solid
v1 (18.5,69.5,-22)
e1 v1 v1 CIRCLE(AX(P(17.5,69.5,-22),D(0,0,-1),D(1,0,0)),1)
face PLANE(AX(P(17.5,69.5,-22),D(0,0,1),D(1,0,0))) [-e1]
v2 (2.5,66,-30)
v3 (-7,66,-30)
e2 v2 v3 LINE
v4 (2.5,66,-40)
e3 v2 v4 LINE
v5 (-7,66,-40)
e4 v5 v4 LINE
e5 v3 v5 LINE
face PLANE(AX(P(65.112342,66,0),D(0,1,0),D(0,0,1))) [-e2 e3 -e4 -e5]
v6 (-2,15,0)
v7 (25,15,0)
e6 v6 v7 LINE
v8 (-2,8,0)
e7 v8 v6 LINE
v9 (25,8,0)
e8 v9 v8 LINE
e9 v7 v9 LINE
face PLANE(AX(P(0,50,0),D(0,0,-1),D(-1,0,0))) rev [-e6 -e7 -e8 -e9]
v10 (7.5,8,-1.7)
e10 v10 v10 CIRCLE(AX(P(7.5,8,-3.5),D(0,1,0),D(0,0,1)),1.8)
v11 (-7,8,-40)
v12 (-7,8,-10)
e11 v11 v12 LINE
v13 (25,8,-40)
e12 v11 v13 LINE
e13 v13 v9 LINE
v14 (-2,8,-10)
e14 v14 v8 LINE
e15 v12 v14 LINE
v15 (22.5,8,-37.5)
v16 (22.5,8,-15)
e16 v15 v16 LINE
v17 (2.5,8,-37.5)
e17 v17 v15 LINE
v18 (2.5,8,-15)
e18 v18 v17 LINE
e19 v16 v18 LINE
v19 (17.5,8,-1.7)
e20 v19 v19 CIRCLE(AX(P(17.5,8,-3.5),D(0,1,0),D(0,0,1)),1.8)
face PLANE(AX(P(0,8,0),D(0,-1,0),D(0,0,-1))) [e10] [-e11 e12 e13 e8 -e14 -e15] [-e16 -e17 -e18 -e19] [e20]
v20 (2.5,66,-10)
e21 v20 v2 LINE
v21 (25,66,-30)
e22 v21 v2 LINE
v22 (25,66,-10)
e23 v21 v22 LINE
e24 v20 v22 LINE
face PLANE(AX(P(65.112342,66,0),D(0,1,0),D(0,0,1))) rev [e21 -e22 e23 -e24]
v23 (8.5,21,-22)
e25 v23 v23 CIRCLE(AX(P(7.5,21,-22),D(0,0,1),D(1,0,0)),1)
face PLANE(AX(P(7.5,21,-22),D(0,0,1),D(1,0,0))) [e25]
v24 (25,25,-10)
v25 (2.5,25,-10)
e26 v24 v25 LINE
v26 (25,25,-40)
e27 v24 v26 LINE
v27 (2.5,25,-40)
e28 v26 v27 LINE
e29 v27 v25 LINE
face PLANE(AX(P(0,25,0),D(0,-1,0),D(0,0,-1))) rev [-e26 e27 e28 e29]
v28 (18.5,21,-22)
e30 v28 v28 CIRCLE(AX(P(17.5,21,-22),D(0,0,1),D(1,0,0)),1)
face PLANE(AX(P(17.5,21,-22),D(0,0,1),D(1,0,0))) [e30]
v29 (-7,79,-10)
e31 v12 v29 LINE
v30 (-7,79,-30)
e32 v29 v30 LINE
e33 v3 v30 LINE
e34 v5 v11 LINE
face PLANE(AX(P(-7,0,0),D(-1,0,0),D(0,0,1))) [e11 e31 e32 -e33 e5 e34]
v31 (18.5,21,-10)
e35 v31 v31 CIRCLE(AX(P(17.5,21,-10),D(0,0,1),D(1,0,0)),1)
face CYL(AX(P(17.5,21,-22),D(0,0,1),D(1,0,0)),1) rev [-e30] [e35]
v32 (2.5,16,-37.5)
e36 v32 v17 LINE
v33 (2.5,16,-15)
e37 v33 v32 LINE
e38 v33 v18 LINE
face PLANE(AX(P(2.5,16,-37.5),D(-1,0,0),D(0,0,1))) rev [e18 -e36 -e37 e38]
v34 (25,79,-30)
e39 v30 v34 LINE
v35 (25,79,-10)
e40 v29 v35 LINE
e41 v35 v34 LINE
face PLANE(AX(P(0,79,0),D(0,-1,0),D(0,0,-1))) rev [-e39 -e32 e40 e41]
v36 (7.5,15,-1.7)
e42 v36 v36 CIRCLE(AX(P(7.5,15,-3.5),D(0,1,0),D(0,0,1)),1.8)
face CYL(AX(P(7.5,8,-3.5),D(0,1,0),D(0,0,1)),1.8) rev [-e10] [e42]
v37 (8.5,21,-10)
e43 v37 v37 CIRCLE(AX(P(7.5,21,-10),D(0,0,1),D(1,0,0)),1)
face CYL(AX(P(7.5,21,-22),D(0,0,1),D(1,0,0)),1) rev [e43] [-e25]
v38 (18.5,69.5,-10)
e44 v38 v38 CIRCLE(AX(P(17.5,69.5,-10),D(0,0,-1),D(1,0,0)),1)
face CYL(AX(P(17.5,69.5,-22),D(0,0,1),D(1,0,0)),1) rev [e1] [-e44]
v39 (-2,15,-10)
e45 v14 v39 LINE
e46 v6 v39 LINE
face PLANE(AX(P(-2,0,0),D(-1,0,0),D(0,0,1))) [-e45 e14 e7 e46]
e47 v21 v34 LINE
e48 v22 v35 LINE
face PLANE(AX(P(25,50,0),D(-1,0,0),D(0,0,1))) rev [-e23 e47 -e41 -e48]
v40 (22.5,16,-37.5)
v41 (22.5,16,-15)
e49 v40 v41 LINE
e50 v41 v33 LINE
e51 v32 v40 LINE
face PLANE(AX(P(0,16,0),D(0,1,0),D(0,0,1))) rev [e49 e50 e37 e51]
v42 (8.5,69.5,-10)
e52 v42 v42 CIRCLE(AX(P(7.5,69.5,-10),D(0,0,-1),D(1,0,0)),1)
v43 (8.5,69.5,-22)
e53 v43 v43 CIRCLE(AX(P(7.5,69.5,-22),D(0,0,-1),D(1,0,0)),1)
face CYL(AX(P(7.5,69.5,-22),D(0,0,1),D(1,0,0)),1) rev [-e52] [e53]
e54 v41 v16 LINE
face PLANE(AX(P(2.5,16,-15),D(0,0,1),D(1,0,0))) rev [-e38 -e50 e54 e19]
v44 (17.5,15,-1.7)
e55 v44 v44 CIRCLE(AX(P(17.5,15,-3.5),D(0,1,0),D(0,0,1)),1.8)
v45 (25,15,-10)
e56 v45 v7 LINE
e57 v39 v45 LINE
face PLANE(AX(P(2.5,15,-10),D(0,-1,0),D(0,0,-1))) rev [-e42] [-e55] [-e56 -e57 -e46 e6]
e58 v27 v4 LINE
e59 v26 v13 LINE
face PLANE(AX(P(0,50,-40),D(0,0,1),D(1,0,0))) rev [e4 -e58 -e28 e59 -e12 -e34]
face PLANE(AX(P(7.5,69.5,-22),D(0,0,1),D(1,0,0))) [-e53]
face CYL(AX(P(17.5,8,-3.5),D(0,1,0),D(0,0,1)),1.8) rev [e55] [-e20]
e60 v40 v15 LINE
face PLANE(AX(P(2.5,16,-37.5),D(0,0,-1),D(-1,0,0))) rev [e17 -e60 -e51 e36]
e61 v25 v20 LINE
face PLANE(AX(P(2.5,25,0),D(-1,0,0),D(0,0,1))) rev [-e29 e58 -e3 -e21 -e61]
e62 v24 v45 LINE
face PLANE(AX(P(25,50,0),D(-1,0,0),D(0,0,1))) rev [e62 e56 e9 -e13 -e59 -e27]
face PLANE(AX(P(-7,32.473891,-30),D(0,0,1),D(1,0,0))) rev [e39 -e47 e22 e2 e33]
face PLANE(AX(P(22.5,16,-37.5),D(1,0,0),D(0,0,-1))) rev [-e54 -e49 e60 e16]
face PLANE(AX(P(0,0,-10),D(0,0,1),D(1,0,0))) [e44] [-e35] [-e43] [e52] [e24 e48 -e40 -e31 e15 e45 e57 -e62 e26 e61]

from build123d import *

# Parameters (mm, degrees)
SKETCH1_W           = 25
SKETCH1_H           = 40
BOSS_EXTRUDE1_DEPTH = 50
SKETCH2_W           = 22.5
SKETCH2_H           = 40
CUT_EXTRUDE1_DEPTH  = 25
SKETCH3_W           = 20
SKETCH3_H           = 10
CUT_EXTRUDE2_DEPTH  = 10
SKETCH5_R           = 1
CUT_EXTRUDE4_DEPTH  = 12
SKETCH6_W           = 25
SKETCH6_H           = 40
CUT_EXTRUDE5_DEPTH  = 8
SKETCH7_W           = 20
SKETCH7_H           = 22.5
CUT_EXTRUDE6_DEPTH  = 8
SKETCH8_R           = 1.8
CUT_EXTRUDE7_DEPTH  = 8
SKETCH12_W          = 10
SKETCH12_H          = 10
CUT_EXTRUDE9_DEPTH  = 10
SKETCH13_W          = 2.5
SKETCH13_H          = 40
BOSS_EXTRUDE2_DEPTH = 19
SKETCH14_W          = 40
SKETCH14_H          = 61
BOSS_EXTRUDE3_DEPTH = 2
SKETCH15_W          = 40
SKETCH15_H          = 3
BOSS_EXTRUDE4_DEPTH = 22.5
SKETCH16_W          = 10
SKETCH16_H          = 3
CUT_EXTRUDE10_DEPTH = 22.5
SKETCH17_W          = 10
SKETCH17_H          = 54
CUT_EXTRUDE11_DEPTH = 5.5
SKETCH18_W          = 27
SKETCH18_H          = 30
BOSS_EXTRUDE5_DEPTH = 10
SKETCH19_W          = 30
SKETCH19_H          = 71
BOSS_EXTRUDE6_DEPTH = 5
SKETCH20_W          = 32
SKETCH20_H          = 10
CUT_EXTRUDE12_DEPTH = 13


with BuildPart() as part:
    # Sketch1 → Boss-Extrude1 (new body)
    with BuildSketch(Plane(origin=(0, 0, 0), x_dir=(1, 0, 0), z_dir=(0, 1, 0))):
        with Locations((12.5, 20)):
            Rectangle(SKETCH1_W, SKETCH1_H)
    extrude(amount=BOSS_EXTRUDE1_DEPTH)

    # Sketch2 → Cut-Extrude1 (cut)
    with BuildSketch(Plane(origin=(0, 50, 0), x_dir=(1, 0, 0), z_dir=(0, 1, 0))):
        with Locations((13.75, 20)):
            Rectangle(SKETCH2_W, SKETCH2_H)
    extrude(amount=-CUT_EXTRUDE1_DEPTH, mode=Mode.SUBTRACT)

    # Sketch3 → Cut-Extrude2 (cut)
    with BuildSketch(Plane.XY):
        with Locations((12.5, 20)):
            Rectangle(SKETCH3_W, SKETCH3_H)
    extrude(amount=-CUT_EXTRUDE2_DEPTH, mode=Mode.SUBTRACT)

    # Sketch5 → Cut-Extrude4 (cut)
    with BuildSketch(Plane.XY.offset(-10)):
        with Locations((7.5, 21)):
            Circle(SKETCH5_R)
        with Locations((17.5, 21)):
            Circle(SKETCH5_R)
    cut_extrude4 = extrude(amount=-CUT_EXTRUDE4_DEPTH, mode=Mode.SUBTRACT)

    # Sketch6 → Cut-Extrude5 (cut)
    with BuildSketch(Plane.XZ):
        with Locations((12.5, -20)):
            Rectangle(SKETCH6_W, SKETCH6_H)
    extrude(amount=-CUT_EXTRUDE5_DEPTH, mode=Mode.SUBTRACT)

    # Sketch7 → Cut-Extrude6 (cut)
    with BuildSketch(Plane.XZ.offset(-8)):
        with Locations((12.5, -26.25)):
            Rectangle(SKETCH7_W, SKETCH7_H)
    extrude(amount=-CUT_EXTRUDE6_DEPTH, mode=Mode.SUBTRACT)

    # Sketch8 → Cut-Extrude7 (cut, through all)
    with BuildSketch(Plane(origin=(0, 15, 0), x_dir=(1, 0, 0), z_dir=(0, 1, 0))):
        with Locations((7.5, 3.5)):
            Circle(SKETCH8_R)
        with Locations((17.5, 3.5)):
            Circle(SKETCH8_R)
    extrude(amount=-CUT_EXTRUDE7_DEPTH, mode=Mode.SUBTRACT)

    # Sketch12 → Cut-Extrude9 (cut)
    with BuildSketch(Plane.ZY.offset(-22.5)):
        with Locations((-5, 20)):
            Rectangle(SKETCH12_W, SKETCH12_H)
    extrude(amount=-CUT_EXTRUDE9_DEPTH, mode=Mode.SUBTRACT)

    # Sketch13 → Boss-Extrude2 (add)
    with BuildSketch(Plane(origin=(0, 50, 0), x_dir=(1, 0, 0), z_dir=(0, 1, 0))):
        with Locations((1.25, 20)):
            Rectangle(SKETCH13_W, SKETCH13_H)
    extrude(amount=BOSS_EXTRUDE2_DEPTH)

    # Sketch14 → Boss-Extrude3 (add)
    with BuildSketch(Plane.ZY):
        with Locations((-20, 38.5)):
            Rectangle(SKETCH14_W, SKETCH14_H)
    extrude(amount=BOSS_EXTRUDE3_DEPTH)

    # Sketch15 → Boss-Extrude4 (add)
    with BuildSketch(Plane(origin=(2.5, 0, 0), x_dir=(0, 0, -1), z_dir=(1, 0, 0))):
        with Locations((20, 67.5)):
            Rectangle(SKETCH15_W, SKETCH15_H)
    extrude(amount=BOSS_EXTRUDE4_DEPTH)

    # Sketch16 → Cut-Extrude10 (cut)
    with BuildSketch(Plane(origin=(25, 0, 0), x_dir=(0, 0, -1), z_dir=(1, 0, 0))):
        with Locations((5, 67.5)):
            Rectangle(SKETCH16_W, SKETCH16_H)
    extrude(amount=-CUT_EXTRUDE10_DEPTH, mode=Mode.SUBTRACT)

    # Sketch17 → Cut-Extrude11 (cut, through all)
    with BuildSketch(Plane(origin=(2.5, 0, 0), x_dir=(0, 0, -1), z_dir=(1, 0, 0))):
        with Locations((5, 42)):
            Rectangle(SKETCH17_W, SKETCH17_H)
    extrude(amount=-CUT_EXTRUDE11_DEPTH, mode=Mode.SUBTRACT)

    # Sketch18 → Boss-Extrude5 (add)
    with BuildSketch(Plane(origin=(0, 69, 0), x_dir=(1, 0, 0), z_dir=(0, 1, 0))):
        with Locations((11.5, 25)):
            Rectangle(SKETCH18_W, SKETCH18_H)
    extrude(amount=BOSS_EXTRUDE5_DEPTH)

    # Mirror1: Cut-Extrude4 across plane
    add(cut_extrude4.mirror(Plane(origin=(0, 45.25, 0), x_dir=(0, 0, 1), z_dir=(0, -1, 0))), mode=Mode.SUBTRACT)

    # Sketch19 → Boss-Extrude6 (add)
    with BuildSketch(Plane.ZY.offset(2)):
        with Locations((-25, 43.5)):
            Rectangle(SKETCH19_W, SKETCH19_H)
    extrude(amount=BOSS_EXTRUDE6_DEPTH)

    # Sketch20 → Cut-Extrude12 (cut)
    with BuildSketch(Plane(origin=(0, 79, 0), x_dir=(1, 0, 0), z_dir=(0, 1, 0))):
        with Locations((9, 35)):
            Rectangle(SKETCH20_W, SKETCH20_H)
    extrude(amount=-CUT_EXTRUDE12_DEPTH, mode=Mode.SUBTRACT)


solid = part.part
